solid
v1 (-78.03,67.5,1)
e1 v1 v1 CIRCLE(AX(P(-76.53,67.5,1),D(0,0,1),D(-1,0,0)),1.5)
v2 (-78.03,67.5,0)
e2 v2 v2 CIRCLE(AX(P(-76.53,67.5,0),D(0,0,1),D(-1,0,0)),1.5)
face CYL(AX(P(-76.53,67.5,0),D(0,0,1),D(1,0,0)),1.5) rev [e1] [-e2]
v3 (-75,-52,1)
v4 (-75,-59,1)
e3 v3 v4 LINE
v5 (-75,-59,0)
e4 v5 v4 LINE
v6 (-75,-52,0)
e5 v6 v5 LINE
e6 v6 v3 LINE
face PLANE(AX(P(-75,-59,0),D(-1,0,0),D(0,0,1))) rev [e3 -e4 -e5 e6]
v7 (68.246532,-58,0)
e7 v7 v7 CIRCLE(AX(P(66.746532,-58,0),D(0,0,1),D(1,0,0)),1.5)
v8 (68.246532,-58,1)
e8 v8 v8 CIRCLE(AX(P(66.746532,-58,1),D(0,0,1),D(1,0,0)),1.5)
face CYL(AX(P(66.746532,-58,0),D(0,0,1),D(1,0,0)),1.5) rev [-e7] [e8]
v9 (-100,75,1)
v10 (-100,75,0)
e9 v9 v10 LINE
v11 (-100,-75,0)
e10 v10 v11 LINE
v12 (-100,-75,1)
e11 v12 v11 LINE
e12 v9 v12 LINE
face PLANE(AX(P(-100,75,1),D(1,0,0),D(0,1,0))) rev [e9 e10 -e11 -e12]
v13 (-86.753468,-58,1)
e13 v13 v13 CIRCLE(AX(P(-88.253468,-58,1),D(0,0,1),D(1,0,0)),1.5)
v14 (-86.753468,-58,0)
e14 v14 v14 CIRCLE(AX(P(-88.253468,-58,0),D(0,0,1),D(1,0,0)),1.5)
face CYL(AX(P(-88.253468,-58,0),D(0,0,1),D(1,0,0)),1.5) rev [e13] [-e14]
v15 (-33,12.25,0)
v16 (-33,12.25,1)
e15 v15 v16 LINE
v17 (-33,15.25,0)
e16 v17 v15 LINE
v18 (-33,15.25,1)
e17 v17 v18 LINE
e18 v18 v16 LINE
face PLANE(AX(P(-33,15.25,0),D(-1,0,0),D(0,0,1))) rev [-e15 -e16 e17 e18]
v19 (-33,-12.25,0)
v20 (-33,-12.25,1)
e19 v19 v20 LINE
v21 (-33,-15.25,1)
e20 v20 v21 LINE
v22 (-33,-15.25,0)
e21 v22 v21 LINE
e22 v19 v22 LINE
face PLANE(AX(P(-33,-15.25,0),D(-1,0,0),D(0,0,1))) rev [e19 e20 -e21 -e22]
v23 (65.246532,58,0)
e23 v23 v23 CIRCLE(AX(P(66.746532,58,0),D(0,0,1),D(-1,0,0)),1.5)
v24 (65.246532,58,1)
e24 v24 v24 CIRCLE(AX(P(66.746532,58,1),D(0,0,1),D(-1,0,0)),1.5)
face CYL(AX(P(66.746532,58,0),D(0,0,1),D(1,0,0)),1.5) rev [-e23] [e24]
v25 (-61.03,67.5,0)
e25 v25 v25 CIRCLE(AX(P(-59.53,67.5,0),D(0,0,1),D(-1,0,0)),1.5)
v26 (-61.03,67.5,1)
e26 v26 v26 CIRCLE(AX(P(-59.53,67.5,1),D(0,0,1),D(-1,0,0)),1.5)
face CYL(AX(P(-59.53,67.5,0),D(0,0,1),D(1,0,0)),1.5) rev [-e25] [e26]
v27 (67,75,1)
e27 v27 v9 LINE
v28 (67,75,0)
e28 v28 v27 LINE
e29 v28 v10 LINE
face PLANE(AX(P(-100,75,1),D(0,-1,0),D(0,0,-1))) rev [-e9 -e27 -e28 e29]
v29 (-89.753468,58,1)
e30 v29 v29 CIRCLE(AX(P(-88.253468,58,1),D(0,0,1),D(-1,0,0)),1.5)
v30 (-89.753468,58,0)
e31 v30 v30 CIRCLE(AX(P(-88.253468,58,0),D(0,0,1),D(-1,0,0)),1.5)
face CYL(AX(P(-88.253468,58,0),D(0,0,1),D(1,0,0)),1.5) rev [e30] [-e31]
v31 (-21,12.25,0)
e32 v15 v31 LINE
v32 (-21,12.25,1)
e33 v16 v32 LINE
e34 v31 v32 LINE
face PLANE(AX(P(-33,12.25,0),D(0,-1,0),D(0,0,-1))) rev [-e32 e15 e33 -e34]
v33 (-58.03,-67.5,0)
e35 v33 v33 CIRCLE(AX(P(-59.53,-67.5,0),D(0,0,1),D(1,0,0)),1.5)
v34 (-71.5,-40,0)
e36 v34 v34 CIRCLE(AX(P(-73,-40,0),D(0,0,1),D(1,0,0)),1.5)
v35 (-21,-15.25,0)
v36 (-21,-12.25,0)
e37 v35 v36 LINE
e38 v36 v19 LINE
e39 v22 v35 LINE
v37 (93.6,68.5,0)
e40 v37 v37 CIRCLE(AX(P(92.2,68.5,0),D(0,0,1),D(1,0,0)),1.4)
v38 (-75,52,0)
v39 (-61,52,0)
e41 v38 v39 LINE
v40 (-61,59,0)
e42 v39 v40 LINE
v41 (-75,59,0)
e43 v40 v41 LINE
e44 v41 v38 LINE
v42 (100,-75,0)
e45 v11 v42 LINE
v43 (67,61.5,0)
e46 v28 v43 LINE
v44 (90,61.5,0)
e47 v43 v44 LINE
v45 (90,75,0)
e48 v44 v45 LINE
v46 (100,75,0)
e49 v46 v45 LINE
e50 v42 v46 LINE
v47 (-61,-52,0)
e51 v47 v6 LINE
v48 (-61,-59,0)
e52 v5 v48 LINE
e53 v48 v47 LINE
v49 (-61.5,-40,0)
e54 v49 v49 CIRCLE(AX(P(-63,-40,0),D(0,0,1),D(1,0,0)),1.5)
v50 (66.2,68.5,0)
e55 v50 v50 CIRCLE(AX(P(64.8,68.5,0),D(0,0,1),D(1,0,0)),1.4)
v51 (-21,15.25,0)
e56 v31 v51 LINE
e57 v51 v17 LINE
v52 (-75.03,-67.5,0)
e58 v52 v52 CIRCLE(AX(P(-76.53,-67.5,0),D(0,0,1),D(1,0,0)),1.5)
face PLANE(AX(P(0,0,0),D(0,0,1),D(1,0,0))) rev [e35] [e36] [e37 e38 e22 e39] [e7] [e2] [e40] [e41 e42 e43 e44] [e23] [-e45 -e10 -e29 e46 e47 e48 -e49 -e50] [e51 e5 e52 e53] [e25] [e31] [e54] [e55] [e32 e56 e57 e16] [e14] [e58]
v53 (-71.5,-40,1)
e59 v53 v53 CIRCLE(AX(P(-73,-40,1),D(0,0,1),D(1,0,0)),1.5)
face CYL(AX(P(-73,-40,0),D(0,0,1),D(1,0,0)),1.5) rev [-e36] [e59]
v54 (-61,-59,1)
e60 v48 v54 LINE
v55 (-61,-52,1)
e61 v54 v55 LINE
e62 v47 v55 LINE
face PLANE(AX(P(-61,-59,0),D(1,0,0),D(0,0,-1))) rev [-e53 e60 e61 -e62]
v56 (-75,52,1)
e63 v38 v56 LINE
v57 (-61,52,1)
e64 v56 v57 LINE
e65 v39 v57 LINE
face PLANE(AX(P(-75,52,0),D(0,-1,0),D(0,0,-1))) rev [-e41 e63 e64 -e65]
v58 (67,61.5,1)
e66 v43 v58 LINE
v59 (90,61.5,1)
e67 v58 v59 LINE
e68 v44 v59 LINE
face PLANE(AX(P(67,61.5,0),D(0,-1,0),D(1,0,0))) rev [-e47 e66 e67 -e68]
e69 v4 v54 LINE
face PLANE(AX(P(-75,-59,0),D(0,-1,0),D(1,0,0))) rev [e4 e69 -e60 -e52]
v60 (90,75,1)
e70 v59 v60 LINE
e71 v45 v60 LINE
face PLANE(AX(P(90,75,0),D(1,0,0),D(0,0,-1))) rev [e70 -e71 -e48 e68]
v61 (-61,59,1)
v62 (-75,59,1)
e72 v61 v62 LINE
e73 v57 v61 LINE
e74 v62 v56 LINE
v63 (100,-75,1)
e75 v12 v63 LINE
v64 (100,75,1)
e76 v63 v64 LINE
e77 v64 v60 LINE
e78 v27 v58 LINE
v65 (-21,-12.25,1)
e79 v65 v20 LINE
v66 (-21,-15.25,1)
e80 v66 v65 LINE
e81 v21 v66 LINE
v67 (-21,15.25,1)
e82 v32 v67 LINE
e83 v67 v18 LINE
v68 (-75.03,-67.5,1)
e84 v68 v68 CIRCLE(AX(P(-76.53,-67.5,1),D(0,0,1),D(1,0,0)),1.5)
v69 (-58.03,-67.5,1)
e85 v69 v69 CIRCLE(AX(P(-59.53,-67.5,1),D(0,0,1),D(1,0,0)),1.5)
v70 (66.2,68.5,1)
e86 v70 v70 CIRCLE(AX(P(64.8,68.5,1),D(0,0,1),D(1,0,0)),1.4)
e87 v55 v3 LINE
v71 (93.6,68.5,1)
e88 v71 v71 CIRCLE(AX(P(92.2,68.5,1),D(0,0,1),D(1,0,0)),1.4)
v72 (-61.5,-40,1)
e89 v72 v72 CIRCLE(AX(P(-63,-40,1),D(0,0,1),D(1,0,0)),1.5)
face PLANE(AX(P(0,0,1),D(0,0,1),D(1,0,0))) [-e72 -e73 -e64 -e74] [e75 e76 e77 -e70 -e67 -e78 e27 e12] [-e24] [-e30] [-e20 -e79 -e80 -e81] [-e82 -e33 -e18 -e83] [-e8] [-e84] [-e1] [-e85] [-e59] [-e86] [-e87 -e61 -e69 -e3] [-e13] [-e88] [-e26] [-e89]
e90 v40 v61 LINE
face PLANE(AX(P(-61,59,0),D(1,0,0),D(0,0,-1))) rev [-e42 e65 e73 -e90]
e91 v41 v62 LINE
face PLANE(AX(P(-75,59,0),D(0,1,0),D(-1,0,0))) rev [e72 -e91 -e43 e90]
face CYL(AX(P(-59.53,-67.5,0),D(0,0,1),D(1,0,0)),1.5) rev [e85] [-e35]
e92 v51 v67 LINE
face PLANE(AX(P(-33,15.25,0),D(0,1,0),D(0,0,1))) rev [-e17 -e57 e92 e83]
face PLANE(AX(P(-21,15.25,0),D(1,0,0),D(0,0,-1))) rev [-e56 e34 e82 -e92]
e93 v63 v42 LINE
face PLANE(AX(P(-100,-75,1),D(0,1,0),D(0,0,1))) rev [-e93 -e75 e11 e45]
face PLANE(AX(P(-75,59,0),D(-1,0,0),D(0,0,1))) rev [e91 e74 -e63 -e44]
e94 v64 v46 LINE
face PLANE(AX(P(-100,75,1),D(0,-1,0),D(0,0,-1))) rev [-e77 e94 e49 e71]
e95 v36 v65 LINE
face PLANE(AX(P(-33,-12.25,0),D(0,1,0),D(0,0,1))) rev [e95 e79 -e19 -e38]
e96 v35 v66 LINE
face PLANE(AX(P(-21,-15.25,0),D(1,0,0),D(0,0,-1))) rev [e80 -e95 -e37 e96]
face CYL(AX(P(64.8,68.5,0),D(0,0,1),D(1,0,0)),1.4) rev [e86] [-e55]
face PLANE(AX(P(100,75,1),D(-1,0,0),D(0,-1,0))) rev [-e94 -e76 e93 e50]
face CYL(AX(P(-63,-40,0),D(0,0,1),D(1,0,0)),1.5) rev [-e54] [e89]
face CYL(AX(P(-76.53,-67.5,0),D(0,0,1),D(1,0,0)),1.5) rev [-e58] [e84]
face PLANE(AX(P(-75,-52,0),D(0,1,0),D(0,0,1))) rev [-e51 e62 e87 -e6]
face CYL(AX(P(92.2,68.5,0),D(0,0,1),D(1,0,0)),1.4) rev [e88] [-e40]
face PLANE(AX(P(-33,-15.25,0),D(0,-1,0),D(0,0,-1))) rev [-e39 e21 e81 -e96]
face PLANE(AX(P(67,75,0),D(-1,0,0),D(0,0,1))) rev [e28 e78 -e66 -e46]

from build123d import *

# Parameters (mm, degrees)
SKETCH1_W           = 200
SKETCH1_H           = 150
BOSS_EXTRUDE1_DEPTH = 1
SKETCH2_R           = 1.5
SKETCH2_R_2         = 1.4
SKETCH2_W           = 14
SKETCH2_H           = 7
SKETCH2_W_2         = 12
SKETCH2_H_2         = 3
SKETCH2_W_3         = 23
SKETCH2_H_3         = 13.5
CUT_EXTRUDE1_DEPTH  = 1


with BuildPart() as part:
    # Sketch1 → Boss-Extrude1 (new body)
    with BuildSketch(Plane.XY):
        Rectangle(SKETCH1_W, SKETCH1_H)
    extrude(amount=BOSS_EXTRUDE1_DEPTH)

    # Sketch2 → Cut-Extrude1 (cut)
    with BuildSketch(Plane.XY.offset(1)):
        with Locations((-76.53, -67.5)):
            Circle(SKETCH2_R)
        with Locations((-59.53, -67.5)):
            Circle(SKETCH2_R)
        with Locations(Location((-59.53, 67.5, 0), (0, 0, 180))):
            Circle(SKETCH2_R)
        with Locations(Location((-76.53, 67.5, 0), (0, 0, 180))):
            Circle(SKETCH2_R)
        with Locations((-73, -40)):
            Circle(SKETCH2_R)
        with Locations((-63, -40)):
            Circle(SKETCH2_R)
        with Locations((-88.25346752, -58)):
            Circle(SKETCH2_R)
        with Locations((66.74653248, -58)):
            Circle(SKETCH2_R)
        with Locations(Location((66.74653248, 58, 0), (0, 0, 180))):
            Circle(SKETCH2_R)
        with Locations(Location((-88.25346752, 58, 0), (0, 0, 180))):
            Circle(SKETCH2_R)
        with Locations((64.8, 68.5)):
            Circle(SKETCH2_R_2)
        with Locations((92.2, 68.5)):
            Circle(SKETCH2_R_2)
        with Locations((-68, -55.5)):
            Rectangle(SKETCH2_W, SKETCH2_H)
        with Locations((-68, 55.5)):
            Rectangle(SKETCH2_W, SKETCH2_H)
        with Locations((-27, -13.75)):
            Rectangle(SKETCH2_W_2, SKETCH2_H_2)
        with Locations((-27, 13.75)):
            Rectangle(SKETCH2_W_2, SKETCH2_H_2)
        with Locations((78.5, 68.25)):
            Rectangle(SKETCH2_W_3, SKETCH2_H_3)
    extrude(amount=-CUT_EXTRUDE1_DEPTH, mode=Mode.SUBTRACT)


solid = part.part
